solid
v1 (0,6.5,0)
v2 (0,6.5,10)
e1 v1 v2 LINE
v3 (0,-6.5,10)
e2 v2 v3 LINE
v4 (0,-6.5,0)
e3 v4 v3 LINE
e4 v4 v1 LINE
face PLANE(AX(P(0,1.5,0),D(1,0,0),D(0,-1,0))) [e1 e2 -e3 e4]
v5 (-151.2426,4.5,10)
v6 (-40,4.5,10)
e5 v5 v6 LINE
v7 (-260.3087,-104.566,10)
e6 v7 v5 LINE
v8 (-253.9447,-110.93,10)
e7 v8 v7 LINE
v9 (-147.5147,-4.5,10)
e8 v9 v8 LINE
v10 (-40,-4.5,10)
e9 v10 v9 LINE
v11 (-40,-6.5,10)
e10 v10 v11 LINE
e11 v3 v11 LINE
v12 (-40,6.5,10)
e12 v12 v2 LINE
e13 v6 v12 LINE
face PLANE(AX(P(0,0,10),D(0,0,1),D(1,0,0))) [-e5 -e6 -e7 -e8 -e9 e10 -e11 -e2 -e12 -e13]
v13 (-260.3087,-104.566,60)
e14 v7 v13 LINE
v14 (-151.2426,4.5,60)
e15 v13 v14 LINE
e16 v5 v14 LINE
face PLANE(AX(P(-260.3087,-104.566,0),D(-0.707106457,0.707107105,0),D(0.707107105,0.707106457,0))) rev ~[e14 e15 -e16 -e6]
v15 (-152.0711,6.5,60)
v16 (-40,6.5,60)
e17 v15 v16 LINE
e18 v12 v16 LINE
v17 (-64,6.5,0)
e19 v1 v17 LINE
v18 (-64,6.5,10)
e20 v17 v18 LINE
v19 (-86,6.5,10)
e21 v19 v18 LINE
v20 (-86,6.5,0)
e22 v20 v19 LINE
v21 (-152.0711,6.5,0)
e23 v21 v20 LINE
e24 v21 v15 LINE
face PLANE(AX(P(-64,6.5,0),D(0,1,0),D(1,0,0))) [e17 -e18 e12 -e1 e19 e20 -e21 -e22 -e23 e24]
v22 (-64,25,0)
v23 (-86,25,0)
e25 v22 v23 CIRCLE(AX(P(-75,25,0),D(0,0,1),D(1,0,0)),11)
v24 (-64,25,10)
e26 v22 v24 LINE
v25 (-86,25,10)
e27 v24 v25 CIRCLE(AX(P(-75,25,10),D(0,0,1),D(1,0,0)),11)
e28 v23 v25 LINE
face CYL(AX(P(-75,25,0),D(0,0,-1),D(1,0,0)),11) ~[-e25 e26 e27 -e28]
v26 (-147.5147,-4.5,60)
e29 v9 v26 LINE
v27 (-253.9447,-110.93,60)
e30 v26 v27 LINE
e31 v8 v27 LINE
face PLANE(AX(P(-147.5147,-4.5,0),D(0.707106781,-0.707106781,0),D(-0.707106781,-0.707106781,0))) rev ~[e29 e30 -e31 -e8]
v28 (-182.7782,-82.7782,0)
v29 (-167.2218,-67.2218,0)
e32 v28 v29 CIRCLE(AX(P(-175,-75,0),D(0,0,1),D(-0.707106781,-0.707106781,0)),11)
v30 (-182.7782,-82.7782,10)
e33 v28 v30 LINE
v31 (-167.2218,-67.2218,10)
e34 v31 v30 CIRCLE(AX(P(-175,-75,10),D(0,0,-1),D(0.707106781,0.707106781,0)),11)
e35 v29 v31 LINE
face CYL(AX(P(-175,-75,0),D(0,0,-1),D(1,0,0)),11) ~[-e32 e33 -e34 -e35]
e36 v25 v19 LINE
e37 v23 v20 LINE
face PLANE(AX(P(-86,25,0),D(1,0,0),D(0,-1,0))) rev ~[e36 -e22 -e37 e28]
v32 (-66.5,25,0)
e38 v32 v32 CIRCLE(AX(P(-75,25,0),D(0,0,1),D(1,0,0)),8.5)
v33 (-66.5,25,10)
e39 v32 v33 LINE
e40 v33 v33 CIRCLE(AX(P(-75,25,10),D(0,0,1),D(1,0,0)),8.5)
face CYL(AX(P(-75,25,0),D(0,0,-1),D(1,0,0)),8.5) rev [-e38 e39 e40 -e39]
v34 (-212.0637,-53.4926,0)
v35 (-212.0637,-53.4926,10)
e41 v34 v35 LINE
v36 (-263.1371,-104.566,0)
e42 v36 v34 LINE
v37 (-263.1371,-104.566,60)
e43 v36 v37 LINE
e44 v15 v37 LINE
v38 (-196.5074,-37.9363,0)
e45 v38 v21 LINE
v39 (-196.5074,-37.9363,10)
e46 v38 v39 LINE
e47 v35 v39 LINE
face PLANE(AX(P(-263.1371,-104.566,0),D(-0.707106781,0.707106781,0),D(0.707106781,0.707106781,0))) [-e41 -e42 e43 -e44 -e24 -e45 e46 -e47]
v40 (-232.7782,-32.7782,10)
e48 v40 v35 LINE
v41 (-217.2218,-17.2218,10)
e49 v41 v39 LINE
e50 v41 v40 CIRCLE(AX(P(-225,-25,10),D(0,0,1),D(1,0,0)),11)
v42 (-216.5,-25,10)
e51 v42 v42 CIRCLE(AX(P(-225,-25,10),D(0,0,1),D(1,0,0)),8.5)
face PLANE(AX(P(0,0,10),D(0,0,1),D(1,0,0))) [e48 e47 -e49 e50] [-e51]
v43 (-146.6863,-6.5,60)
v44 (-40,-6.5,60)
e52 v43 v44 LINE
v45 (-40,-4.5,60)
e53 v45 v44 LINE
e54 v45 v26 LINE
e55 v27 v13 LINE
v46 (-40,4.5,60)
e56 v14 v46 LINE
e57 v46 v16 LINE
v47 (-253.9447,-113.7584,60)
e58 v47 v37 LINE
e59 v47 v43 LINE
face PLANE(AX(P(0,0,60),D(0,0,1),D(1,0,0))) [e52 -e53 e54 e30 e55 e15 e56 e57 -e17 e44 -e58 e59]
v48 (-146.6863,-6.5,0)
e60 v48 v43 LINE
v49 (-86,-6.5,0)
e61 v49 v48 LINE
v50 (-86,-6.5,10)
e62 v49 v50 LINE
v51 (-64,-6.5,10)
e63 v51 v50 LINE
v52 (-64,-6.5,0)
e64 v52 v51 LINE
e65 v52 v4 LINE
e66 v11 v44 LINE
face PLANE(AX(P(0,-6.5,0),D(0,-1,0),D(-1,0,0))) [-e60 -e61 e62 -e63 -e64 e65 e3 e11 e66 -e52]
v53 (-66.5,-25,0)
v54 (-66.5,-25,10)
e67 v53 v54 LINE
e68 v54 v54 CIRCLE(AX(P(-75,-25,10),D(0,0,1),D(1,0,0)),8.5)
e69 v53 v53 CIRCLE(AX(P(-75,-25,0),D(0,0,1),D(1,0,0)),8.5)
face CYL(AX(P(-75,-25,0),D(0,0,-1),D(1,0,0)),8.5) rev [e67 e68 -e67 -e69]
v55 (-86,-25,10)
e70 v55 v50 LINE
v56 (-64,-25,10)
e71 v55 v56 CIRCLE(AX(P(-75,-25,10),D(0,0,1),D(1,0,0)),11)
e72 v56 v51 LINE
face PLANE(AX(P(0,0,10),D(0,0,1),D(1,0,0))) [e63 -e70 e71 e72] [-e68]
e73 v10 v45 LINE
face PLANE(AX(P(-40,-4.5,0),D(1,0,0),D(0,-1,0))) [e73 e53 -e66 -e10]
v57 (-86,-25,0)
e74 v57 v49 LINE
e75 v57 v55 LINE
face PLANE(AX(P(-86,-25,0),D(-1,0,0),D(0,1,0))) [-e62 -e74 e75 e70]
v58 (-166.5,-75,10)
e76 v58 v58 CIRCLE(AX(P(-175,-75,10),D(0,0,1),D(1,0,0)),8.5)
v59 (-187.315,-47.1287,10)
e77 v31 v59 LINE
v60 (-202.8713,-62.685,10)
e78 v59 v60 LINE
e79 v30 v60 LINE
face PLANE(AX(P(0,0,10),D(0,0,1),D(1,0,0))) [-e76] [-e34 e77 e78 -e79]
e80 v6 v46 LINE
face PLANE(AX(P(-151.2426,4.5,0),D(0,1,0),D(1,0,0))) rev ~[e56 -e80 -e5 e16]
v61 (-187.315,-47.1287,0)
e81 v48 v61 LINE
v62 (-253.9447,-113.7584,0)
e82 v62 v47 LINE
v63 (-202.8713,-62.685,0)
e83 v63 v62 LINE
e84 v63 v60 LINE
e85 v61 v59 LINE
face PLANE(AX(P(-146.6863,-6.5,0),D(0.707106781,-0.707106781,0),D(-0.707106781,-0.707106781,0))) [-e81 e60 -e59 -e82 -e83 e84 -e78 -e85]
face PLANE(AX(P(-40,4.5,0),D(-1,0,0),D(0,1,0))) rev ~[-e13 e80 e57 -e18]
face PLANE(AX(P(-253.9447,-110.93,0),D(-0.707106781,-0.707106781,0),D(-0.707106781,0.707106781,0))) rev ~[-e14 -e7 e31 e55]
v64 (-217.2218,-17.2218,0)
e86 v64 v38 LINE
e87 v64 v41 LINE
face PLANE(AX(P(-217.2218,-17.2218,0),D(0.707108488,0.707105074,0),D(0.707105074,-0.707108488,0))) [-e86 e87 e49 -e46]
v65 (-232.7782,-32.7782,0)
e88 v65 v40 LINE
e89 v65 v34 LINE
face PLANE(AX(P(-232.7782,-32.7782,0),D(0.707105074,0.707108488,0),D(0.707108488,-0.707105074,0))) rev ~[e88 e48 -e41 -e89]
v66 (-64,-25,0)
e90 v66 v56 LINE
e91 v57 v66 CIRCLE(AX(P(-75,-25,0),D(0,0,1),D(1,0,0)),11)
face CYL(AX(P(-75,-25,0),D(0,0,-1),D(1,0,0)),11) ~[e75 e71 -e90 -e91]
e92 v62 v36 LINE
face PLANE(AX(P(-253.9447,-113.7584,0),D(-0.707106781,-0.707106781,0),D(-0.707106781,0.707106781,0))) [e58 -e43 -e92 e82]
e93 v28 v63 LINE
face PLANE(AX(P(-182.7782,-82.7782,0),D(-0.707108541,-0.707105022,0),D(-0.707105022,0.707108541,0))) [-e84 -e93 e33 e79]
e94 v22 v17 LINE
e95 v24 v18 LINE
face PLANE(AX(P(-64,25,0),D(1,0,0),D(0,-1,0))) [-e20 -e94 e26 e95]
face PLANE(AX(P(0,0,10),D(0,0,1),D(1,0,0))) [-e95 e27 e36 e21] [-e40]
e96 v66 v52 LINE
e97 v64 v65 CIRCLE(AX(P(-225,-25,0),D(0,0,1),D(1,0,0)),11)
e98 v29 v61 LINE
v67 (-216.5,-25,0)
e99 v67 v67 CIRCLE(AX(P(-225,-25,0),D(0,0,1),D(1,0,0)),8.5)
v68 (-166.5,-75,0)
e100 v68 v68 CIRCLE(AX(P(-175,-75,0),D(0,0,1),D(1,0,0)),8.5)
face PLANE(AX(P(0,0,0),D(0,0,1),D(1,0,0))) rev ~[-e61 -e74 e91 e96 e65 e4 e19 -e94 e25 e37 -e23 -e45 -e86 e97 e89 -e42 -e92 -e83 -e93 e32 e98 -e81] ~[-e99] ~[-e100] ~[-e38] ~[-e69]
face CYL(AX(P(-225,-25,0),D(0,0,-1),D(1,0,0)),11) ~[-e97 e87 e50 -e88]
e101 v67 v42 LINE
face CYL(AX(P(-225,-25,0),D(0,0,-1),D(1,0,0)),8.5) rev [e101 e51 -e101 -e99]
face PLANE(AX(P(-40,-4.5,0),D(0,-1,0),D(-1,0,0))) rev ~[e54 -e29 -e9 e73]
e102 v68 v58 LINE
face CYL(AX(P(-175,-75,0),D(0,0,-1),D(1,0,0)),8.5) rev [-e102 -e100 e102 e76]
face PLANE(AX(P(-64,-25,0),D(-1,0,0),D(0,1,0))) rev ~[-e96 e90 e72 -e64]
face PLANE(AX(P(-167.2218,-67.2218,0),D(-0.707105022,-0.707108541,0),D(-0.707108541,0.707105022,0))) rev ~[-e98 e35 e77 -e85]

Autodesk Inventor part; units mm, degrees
ref_plane "YZ Plane" through (0, 0, 0) normal (1, 0, 0) x (0, 1, 0)
ref_plane "XZ Plane" through (0, 0, 0) normal (0, 1, 0) x (-1, 0, 0)
ref_plane "XY Plane" through (0, 0, 0) normal (0, 0, 1) x (1, 0, 0)
sketch "Sketch1" plane through (0, 0, 0) normal (0, 0, 1) x (1, 0, 0)
  line L0 (-256.066, -104.566) -> (-253.9447, -106.6873)
  line L1 (0, 1.5) -> (0, -1.5)
  line L2 (-263.1371, -104.566) -> (-152.0711, 6.5)
  line L3 (-152.0711, 6.5) -> (0, 6.5)
  line L4 (0, -6.5) -> (-146.6863, -6.5)
  line L5 (-146.6863, -6.5) -> (-253.9447, -113.7584)
  line L6 (-253.9447, -113.7584) -> (-263.1371, -104.566)
  line L7 (0, 1.5) -> (0, 6.5)
  line L8 (0, -1.5) -> (0, -6.5)
  circle A0 centre (-75, 25) radius 11
  circle A1 centre (-175, -75) radius 11
  circle A2 centre (-75, -25) radius 11
  circle A3 centre (-225, -25) radius 11
  line L9 (-232.7782, -32.7782) -> (-212.0637, -53.4926)
  line L10 (-182.7782, -82.7782) -> (-202.8713, -62.685)
  line L11 (-167.2218, -67.2218) -> (-187.315, -47.1287)
  line L12 (-86, 25) -> (-86, 6.5)
  line L13 (-64, 25) -> (-64, 6.5)
  line L14 (-217.2218, -17.2218) -> (-196.5074, -37.9363)
  line L15 (-40, -4.5) -> (-40, -6.5)
  line L16 (-86, -25) -> (-86, -6.5)
  line L17 (-64, -25) -> (-64, -6.5)
  circle A4 centre (-75, 25) radius 8.5
  circle A5 centre (-75, -25) radius 8.5
  circle A6 centre (-175, -75) radius 8.5
  circle A7 centre (-225, -25) radius 8.5
  line L18 (-40, -4.5) -> (-147.5147, -4.5)
  line L19 (-147.5147, -4.5) -> (-253.9447, -110.93)
  line L20 (-253.9447, -110.93) -> (-260.3087, -104.566)
  line L21 (-260.3087, -104.566) -> (-151.2426, 4.5)
  line L22 (-151.2426, 4.5) -> (-40, 4.5)
  line L23 (-40, 4.5) -> (-40, 6.5)
  point P0 (0, 0)
  point P1 (0, 0)
  point P2 (-76.0355, 6.5)
  point P3 (0, -4)
  point P4 (-40, -4.5)
  point P5 (0, -4.5)
  point P6 (0, 4.5)
  dimension "d4" = 3
  dimension "d5" = 3
  dimension "d31" = 22
  dimension "d33" = 22
  dimension "d39" = 75
  dimension "d41" = 22
  dimension "d42" = 50
  dimension "d47" = 22
  dimension "d57" = 18.5
  dimension "d60" = 18.5
  dimension "d62" = 150
  dimension "d63" = 50
  dimension "d64" = 100
  dimension "d65" = 50
  dimension "d66" = 40
  dimension "d70" = 17
  dimension "d71" = 17
  dimension "d72" = 17
  dimension "d73" = 17
  dimension "d78" = 89.2287
extrude "Extrusion8" add sketch "Sketch1" along normal blind 60 contours L23 L22 L21 L20 L19 L18 L15 L4 L5 L6 L2 L3
extrude "Extrusion9" add sketch "Sketch1" along normal blind 10 contours L1 L8 L4 L15 L18 L19 L20 L21 L22 L23 L3 L7 | L3 L12 A0 L13 | L17 A2 L16 L4 | A0 | A2 | L2 L9 A3 L14 | L11 A1 L10 L5 | A3 | A1
properties part number "hold_left_sim"
